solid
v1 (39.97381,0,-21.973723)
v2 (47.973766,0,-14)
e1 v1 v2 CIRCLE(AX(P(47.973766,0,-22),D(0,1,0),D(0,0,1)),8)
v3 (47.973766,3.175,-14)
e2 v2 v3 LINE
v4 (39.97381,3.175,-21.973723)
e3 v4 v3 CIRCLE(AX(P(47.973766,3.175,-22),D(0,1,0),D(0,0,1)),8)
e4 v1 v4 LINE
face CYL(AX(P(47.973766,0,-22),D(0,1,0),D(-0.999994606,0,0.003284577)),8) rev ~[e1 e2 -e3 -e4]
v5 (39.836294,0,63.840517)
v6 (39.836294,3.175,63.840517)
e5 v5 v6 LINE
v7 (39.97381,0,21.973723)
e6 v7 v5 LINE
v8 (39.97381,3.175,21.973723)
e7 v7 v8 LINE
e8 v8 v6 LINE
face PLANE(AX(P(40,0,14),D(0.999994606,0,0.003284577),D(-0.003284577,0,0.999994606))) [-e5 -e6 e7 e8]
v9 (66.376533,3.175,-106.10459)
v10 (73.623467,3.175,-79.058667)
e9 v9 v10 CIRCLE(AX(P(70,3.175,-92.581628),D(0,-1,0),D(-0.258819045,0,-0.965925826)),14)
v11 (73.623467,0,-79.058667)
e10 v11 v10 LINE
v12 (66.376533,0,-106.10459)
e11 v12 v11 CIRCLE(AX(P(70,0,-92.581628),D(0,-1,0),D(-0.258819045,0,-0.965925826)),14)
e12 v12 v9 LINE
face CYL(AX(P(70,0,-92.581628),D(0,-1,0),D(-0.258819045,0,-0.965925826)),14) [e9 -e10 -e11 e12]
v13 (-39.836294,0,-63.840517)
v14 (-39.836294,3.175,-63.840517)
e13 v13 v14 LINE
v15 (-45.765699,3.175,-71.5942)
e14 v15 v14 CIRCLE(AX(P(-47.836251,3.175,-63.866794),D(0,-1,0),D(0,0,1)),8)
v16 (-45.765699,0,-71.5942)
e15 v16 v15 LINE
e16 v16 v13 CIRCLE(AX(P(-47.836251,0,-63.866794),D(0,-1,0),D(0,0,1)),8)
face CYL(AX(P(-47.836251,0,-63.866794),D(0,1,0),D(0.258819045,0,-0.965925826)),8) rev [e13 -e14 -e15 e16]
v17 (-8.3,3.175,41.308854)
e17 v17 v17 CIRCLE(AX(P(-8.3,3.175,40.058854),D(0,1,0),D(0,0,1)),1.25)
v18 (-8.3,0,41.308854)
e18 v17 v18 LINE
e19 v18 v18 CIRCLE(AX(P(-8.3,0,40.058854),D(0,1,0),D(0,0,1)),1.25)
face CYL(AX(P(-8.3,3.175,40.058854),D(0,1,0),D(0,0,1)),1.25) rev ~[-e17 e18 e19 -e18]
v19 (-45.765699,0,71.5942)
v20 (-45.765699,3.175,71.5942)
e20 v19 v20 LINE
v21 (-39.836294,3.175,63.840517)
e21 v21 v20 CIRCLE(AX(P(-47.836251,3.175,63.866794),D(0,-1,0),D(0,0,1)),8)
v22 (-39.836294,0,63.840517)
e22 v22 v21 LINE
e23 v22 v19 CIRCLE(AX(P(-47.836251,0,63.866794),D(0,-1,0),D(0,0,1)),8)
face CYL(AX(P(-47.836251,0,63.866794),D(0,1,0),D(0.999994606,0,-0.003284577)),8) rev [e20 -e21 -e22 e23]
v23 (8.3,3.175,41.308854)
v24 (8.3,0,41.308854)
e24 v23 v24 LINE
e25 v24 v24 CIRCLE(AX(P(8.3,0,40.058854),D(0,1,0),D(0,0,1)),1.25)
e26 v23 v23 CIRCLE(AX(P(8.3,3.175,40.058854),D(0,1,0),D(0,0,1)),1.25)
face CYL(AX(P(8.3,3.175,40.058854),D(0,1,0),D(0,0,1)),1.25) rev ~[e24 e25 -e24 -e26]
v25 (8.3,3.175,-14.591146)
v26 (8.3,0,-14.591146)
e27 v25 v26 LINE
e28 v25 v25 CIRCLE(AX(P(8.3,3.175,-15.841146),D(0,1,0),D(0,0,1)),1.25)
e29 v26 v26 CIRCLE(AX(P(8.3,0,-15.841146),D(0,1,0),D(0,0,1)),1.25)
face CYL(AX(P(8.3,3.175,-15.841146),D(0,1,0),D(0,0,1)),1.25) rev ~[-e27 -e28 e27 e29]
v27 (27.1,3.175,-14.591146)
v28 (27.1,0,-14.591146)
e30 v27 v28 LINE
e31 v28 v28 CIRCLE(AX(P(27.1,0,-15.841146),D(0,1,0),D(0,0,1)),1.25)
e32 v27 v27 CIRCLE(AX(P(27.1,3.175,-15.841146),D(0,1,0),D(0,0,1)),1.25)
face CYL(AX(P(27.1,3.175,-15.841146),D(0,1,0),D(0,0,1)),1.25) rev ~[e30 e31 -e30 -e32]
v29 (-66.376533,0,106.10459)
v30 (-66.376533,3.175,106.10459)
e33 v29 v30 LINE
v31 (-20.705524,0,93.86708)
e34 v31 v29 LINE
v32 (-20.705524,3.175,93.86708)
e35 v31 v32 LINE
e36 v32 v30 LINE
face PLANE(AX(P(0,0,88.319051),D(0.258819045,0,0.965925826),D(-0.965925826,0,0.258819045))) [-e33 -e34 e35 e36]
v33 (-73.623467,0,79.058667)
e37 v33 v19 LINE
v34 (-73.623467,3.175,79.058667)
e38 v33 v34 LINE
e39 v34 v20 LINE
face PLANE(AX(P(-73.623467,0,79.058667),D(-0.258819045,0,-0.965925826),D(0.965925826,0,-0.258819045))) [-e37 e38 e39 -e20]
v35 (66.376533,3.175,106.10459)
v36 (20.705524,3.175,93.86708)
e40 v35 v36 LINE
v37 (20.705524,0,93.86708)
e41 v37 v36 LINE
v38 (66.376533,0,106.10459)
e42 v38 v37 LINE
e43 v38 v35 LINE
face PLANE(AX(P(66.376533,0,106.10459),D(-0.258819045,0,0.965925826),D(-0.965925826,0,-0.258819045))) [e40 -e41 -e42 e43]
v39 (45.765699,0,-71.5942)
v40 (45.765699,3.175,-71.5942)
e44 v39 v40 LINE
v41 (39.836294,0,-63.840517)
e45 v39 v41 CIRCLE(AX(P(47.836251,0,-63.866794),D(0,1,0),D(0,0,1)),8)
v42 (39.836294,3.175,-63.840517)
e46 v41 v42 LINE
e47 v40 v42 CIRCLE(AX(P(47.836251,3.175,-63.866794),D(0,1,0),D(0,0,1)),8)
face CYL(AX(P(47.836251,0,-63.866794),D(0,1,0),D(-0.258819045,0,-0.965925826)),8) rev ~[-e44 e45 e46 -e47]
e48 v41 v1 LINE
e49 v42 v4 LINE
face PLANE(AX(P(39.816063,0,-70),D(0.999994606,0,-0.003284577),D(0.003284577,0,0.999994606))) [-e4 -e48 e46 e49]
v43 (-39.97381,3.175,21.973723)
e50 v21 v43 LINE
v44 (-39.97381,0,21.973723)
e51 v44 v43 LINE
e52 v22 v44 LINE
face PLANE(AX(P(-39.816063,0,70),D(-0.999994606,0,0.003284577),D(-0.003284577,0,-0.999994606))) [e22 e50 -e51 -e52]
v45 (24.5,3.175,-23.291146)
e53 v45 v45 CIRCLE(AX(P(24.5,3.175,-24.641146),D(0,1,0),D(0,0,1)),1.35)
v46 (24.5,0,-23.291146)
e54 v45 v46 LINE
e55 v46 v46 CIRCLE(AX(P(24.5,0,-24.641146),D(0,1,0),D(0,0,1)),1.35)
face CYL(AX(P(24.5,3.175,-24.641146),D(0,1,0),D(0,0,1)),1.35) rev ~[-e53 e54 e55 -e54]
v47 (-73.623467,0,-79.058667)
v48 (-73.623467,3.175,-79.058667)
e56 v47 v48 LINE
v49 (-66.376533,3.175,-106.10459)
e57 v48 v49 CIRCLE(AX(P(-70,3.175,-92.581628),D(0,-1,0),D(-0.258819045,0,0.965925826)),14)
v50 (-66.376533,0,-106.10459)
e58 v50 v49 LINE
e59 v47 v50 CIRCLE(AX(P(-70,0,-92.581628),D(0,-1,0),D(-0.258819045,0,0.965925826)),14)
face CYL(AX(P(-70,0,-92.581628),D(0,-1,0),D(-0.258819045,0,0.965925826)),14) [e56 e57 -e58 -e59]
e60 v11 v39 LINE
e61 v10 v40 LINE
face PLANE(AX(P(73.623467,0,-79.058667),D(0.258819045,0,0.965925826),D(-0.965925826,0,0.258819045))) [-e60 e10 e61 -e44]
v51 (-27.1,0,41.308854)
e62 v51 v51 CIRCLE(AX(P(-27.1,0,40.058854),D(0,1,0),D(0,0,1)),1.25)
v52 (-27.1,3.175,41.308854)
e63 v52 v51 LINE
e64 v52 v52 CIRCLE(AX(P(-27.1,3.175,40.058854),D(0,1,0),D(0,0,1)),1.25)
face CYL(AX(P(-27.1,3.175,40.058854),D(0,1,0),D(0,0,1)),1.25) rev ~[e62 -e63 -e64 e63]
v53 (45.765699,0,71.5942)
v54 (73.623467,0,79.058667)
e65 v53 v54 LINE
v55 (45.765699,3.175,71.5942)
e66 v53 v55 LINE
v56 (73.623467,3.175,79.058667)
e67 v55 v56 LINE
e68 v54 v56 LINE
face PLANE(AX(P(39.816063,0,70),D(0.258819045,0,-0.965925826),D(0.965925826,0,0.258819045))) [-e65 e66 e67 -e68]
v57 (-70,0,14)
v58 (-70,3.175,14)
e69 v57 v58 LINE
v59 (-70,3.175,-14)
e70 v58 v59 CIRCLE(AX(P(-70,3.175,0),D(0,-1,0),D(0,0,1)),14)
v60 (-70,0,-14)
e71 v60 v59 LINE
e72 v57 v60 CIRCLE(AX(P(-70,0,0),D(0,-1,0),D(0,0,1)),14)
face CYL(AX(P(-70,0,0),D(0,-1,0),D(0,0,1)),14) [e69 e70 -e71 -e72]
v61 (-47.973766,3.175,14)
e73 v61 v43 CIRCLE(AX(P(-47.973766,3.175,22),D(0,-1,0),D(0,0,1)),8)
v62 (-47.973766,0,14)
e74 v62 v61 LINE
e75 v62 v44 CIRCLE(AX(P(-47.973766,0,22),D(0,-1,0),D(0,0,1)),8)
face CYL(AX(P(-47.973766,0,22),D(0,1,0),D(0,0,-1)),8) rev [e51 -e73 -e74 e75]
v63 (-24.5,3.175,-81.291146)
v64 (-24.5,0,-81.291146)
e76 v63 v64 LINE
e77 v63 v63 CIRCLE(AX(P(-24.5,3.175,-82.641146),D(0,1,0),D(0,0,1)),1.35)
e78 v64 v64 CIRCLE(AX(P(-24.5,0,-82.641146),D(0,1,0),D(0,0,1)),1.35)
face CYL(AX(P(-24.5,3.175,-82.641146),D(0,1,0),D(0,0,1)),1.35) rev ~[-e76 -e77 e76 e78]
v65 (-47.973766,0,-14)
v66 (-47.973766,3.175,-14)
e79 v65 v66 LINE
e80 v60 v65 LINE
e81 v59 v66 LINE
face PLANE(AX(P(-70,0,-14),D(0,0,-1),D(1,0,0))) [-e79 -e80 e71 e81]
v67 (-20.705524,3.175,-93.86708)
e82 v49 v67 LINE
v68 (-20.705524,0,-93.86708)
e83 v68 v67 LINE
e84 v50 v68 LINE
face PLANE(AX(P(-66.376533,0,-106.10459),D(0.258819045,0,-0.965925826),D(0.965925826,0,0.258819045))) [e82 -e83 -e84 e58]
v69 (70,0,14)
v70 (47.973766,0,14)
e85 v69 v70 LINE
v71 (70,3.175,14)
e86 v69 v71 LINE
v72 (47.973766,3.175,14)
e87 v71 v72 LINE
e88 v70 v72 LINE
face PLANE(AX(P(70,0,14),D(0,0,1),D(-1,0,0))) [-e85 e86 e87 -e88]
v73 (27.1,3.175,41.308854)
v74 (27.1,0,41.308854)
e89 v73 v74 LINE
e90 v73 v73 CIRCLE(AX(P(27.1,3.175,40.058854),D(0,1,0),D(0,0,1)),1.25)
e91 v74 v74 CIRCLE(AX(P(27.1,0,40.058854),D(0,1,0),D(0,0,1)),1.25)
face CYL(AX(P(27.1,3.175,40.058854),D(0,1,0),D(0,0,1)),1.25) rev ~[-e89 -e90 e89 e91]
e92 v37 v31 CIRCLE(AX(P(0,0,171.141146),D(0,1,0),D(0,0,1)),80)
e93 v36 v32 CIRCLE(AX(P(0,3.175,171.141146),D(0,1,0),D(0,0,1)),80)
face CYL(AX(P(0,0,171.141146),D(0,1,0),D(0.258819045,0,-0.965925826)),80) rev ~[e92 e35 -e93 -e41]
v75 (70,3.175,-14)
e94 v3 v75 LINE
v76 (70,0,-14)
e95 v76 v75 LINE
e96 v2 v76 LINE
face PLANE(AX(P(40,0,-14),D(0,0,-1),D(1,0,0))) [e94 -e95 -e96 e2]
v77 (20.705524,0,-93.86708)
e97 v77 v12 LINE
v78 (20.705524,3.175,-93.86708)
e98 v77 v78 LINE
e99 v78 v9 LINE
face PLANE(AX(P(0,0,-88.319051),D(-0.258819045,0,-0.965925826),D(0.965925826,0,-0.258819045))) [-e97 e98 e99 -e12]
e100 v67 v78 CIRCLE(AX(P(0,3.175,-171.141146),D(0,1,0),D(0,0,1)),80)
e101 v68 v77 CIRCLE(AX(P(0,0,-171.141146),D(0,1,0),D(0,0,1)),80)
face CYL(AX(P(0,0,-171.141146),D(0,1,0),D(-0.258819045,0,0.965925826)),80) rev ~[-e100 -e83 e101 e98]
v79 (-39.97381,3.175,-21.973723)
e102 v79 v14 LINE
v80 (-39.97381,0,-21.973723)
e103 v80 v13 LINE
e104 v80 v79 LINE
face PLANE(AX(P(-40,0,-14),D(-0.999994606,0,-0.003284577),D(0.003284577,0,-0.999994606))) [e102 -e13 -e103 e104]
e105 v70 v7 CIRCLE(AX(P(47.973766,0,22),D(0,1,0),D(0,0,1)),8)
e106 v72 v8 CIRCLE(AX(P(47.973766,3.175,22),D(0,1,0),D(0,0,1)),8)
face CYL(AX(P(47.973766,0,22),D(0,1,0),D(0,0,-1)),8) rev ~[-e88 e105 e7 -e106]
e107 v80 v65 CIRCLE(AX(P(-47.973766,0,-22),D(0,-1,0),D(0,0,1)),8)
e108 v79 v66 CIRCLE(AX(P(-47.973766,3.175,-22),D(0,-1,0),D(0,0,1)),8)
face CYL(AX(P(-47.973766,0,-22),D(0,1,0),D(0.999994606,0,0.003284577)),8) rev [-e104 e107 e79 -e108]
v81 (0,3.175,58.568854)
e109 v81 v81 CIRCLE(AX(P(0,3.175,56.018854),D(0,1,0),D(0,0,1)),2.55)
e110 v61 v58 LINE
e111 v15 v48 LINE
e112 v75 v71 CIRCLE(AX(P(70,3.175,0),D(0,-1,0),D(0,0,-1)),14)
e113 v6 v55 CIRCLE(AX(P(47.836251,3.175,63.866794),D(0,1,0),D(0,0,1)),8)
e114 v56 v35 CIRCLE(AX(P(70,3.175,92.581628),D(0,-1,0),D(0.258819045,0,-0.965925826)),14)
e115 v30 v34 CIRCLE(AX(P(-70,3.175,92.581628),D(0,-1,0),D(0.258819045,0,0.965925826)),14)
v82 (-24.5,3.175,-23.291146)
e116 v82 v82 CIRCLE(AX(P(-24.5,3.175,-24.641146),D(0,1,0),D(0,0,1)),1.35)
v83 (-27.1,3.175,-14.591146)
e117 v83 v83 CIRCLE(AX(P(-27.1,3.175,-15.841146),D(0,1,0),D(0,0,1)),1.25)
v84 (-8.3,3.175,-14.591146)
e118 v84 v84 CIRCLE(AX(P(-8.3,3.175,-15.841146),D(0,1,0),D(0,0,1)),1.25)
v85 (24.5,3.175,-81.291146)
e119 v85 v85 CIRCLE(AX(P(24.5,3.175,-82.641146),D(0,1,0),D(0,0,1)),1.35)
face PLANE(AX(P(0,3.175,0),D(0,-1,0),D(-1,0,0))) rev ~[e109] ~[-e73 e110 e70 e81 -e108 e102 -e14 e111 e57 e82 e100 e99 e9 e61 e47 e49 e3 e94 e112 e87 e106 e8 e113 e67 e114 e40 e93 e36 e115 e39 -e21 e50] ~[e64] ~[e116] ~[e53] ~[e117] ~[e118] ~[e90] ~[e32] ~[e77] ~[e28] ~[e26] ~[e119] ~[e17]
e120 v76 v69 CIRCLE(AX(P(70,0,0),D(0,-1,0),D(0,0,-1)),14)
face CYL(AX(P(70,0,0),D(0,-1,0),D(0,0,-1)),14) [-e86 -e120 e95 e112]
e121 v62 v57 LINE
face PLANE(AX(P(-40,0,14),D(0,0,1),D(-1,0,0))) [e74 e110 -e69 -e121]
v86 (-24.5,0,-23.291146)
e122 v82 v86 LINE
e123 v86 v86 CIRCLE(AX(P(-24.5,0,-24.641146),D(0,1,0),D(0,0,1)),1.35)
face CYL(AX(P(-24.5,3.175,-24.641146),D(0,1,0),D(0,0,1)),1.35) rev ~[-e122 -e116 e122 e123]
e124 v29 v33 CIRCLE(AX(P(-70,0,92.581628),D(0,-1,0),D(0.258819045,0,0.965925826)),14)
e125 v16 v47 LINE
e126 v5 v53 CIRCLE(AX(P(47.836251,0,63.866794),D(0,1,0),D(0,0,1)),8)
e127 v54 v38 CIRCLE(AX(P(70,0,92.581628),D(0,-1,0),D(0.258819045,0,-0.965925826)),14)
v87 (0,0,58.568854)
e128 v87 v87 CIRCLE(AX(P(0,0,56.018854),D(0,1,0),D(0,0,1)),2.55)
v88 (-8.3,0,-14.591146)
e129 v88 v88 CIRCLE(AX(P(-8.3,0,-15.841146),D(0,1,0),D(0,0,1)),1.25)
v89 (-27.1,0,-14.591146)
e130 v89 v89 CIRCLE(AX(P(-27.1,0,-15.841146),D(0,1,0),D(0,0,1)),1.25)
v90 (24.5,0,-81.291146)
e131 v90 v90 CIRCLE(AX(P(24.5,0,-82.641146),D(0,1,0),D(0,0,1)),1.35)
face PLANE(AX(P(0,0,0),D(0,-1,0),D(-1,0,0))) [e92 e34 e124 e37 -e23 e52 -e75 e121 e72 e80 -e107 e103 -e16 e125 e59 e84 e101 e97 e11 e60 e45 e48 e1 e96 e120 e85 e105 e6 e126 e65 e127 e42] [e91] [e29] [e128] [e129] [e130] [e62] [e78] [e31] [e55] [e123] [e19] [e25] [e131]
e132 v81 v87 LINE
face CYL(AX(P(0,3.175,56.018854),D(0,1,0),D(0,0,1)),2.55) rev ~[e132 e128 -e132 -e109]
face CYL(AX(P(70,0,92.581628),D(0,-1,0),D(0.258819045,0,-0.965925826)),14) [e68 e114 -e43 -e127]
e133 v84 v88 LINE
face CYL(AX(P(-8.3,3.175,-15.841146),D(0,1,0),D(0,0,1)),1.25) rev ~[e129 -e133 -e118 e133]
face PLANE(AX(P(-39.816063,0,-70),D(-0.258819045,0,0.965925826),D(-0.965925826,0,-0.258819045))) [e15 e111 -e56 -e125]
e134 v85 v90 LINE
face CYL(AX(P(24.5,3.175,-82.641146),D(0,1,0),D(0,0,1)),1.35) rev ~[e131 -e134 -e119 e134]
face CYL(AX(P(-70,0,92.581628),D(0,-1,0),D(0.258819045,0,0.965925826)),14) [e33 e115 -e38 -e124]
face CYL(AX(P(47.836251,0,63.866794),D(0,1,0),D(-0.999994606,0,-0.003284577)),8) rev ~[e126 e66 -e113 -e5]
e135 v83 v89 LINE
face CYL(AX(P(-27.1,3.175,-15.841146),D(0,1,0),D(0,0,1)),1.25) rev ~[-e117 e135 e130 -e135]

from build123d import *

# Parameters (mm, degrees)
BOSS_EXTRUDE1_DEPTH = 3.175
FILLET1_R           = 80
FILLET2_R           = 8
SKETCH2_R           = 1.35
CUT_EXTRUDE1_DEPTH  = 136.741386774
SKETCH3_R           = 1.25
CUT_EXTRUDE2_DEPTH  = 136.741386774
SKETCH5_R           = 2.55
CUT_EXTRUDE3_DEPTH  = 136.741386774


with BuildPart() as part:
    # Sketch1 → Boss-Extrude1 (new body)
    with BuildSketch(Plane(origin=(0, 0, 0), x_dir=(1, 0, 0), z_dir=(0, 1, 0))):
        with BuildLine():
            Line((-70, 14), (-40, 14))
            Line((-40, 14), (-39.816062711, 70))
            Line((-39.816062711, 70), (-73.623466631, 79.058666579))
            ThreePointArc((-73.623466631, 79.058666579), (-83.522961568, 96.205094778), (-66.376533369, 106.104589715))
            Line((-66.376533369, 106.104589715), (0, 88.319051202))
            Line((0, 88.319051202), (66.376533369, 106.104589715))
            ThreePointArc((66.376533369, 106.104589715), (83.522961568, 96.205094778), (73.623466631, 79.058666579))
            Line((73.623466631, 79.058666579), (39.816062711, 70))
            Line((39.816062711, 70), (40, 14))
            Line((40, 14), (70, 14))
            ThreePointArc((70, 14), (84, 0), (70, -14))
            Line((70, -14), (40, -14))
            Line((40, -14), (39.816062711, -70))
            Line((39.816062711, -70), (73.623466631, -79.058666579))
            ThreePointArc((73.623466631, -79.058666579), (83.522961568, -96.205094778), (66.376533369, -106.104589715))
            Line((66.376533369, -106.104589715), (0, -88.319051202))
            Line((0, -88.319051202), (-66.376533369, -106.104589715))
            ThreePointArc((-66.376533369, -106.104589715), (-83.522961568, -96.205094778), (-73.623466631, -79.058666579))
            Line((-73.623466631, -79.058666579), (-39.816062711, -70))
            Line((-39.816062711, -70), (-40, -14))
            Line((-40, -14), (-70, -14))
            ThreePointArc((-70, -14), (-84, 0), (-70, 14))
        make_face()
    extrude(amount=BOSS_EXTRUDE1_DEPTH)

    # Fillet1
    fillet1_edges = [part.edges().sort_by_distance(p)[0] for p in [
        (0, 1.5875, -88.319051202),
        (0, 1.5875, 88.319051202),
    ]]
    fillet(fillet1_edges, radius=FILLET1_R)

    # Fillet2
    fillet2_edges = [part.edges().sort_by_distance(p)[0] for p in [
        (-40, 1.5875, -14),
        (-39.816062711, 1.5875, -70),
        (39.816062711, 1.5875, -70),
        (40, 1.5875, -14),
        (40, 1.5875, 14),
        (39.816062711, 1.5875, 70),
        (-39.816062711, 1.5875, 70),
        (-40, 1.5875, 14),
    ]]
    fillet(fillet2_edges, radius=FILLET2_R)

    # Sketch2 → Cut-Extrude1 (cut, through all)
    with BuildSketch(Plane(origin=(0, 3.175, 0), x_dir=(1, 0, 0), z_dir=(0, 1, 0))):
        with Locations(Location((-24.5, 24.641145635, 0), (0, 0, 270))):
            Circle(SKETCH2_R)
        with Locations(Location((24.5, 24.641145635, 0), (0, 0, 270))):
            Circle(SKETCH2_R)
        with Locations(Location((24.5, 82.641145635, 0), (0, 0, 270))):
            Circle(SKETCH2_R)
        with Locations(Location((-24.5, 82.641145635, 0), (0, 0, 270))):
            Circle(SKETCH2_R)
    extrude(amount=-CUT_EXTRUDE1_DEPTH, mode=Mode.SUBTRACT)

    # Sketch3 → Cut-Extrude2 (cut, through all)
    with BuildSketch(Plane(origin=(0, 3.175, 0), x_dir=(1, 0, 0), z_dir=(0, 1, 0))):
        with Locations(Location((-8.3, -40.058854365, 0), (0, 0, 270))):
            Circle(SKETCH3_R)
        with Locations(Location((-27.1, -40.058854365, 0), (0, 0, 270))):
            Circle(SKETCH3_R)
        with Locations(Location((-27.1, 15.841145635, 0), (0, 0, 270))):
            Circle(SKETCH3_R)
        with Locations(Location((-8.3, 15.841145635, 0), (0, 0, 270))):
            Circle(SKETCH3_R)
        with Locations(Location((8.3, 15.841145635, 0), (0, 0, 270))):
            Circle(SKETCH3_R)
        with Locations(Location((27.1, 15.841145635, 0), (0, 0, 270))):
            Circle(SKETCH3_R)
        with Locations(Location((8.3, -40.058854365, 0), (0, 0, 270))):
            Circle(SKETCH3_R)
        with Locations(Location((27.1, -40.058854365, 0), (0, 0, 270))):
            Circle(SKETCH3_R)
    extrude(amount=-CUT_EXTRUDE2_DEPTH, mode=Mode.SUBTRACT)

    # Sketch5 → Cut-Extrude3 (cut, through all)
    with BuildSketch(Plane(origin=(0, 3.175, 0), x_dir=(1, 0, 0), z_dir=(0, 1, 0))):
        with Locations(Location((0, -56.018854365, 0), (0, 0, 270))):
            Circle(SKETCH5_R)
    extrude(amount=-CUT_EXTRUDE3_DEPTH, mode=Mode.SUBTRACT)


solid = part.part
